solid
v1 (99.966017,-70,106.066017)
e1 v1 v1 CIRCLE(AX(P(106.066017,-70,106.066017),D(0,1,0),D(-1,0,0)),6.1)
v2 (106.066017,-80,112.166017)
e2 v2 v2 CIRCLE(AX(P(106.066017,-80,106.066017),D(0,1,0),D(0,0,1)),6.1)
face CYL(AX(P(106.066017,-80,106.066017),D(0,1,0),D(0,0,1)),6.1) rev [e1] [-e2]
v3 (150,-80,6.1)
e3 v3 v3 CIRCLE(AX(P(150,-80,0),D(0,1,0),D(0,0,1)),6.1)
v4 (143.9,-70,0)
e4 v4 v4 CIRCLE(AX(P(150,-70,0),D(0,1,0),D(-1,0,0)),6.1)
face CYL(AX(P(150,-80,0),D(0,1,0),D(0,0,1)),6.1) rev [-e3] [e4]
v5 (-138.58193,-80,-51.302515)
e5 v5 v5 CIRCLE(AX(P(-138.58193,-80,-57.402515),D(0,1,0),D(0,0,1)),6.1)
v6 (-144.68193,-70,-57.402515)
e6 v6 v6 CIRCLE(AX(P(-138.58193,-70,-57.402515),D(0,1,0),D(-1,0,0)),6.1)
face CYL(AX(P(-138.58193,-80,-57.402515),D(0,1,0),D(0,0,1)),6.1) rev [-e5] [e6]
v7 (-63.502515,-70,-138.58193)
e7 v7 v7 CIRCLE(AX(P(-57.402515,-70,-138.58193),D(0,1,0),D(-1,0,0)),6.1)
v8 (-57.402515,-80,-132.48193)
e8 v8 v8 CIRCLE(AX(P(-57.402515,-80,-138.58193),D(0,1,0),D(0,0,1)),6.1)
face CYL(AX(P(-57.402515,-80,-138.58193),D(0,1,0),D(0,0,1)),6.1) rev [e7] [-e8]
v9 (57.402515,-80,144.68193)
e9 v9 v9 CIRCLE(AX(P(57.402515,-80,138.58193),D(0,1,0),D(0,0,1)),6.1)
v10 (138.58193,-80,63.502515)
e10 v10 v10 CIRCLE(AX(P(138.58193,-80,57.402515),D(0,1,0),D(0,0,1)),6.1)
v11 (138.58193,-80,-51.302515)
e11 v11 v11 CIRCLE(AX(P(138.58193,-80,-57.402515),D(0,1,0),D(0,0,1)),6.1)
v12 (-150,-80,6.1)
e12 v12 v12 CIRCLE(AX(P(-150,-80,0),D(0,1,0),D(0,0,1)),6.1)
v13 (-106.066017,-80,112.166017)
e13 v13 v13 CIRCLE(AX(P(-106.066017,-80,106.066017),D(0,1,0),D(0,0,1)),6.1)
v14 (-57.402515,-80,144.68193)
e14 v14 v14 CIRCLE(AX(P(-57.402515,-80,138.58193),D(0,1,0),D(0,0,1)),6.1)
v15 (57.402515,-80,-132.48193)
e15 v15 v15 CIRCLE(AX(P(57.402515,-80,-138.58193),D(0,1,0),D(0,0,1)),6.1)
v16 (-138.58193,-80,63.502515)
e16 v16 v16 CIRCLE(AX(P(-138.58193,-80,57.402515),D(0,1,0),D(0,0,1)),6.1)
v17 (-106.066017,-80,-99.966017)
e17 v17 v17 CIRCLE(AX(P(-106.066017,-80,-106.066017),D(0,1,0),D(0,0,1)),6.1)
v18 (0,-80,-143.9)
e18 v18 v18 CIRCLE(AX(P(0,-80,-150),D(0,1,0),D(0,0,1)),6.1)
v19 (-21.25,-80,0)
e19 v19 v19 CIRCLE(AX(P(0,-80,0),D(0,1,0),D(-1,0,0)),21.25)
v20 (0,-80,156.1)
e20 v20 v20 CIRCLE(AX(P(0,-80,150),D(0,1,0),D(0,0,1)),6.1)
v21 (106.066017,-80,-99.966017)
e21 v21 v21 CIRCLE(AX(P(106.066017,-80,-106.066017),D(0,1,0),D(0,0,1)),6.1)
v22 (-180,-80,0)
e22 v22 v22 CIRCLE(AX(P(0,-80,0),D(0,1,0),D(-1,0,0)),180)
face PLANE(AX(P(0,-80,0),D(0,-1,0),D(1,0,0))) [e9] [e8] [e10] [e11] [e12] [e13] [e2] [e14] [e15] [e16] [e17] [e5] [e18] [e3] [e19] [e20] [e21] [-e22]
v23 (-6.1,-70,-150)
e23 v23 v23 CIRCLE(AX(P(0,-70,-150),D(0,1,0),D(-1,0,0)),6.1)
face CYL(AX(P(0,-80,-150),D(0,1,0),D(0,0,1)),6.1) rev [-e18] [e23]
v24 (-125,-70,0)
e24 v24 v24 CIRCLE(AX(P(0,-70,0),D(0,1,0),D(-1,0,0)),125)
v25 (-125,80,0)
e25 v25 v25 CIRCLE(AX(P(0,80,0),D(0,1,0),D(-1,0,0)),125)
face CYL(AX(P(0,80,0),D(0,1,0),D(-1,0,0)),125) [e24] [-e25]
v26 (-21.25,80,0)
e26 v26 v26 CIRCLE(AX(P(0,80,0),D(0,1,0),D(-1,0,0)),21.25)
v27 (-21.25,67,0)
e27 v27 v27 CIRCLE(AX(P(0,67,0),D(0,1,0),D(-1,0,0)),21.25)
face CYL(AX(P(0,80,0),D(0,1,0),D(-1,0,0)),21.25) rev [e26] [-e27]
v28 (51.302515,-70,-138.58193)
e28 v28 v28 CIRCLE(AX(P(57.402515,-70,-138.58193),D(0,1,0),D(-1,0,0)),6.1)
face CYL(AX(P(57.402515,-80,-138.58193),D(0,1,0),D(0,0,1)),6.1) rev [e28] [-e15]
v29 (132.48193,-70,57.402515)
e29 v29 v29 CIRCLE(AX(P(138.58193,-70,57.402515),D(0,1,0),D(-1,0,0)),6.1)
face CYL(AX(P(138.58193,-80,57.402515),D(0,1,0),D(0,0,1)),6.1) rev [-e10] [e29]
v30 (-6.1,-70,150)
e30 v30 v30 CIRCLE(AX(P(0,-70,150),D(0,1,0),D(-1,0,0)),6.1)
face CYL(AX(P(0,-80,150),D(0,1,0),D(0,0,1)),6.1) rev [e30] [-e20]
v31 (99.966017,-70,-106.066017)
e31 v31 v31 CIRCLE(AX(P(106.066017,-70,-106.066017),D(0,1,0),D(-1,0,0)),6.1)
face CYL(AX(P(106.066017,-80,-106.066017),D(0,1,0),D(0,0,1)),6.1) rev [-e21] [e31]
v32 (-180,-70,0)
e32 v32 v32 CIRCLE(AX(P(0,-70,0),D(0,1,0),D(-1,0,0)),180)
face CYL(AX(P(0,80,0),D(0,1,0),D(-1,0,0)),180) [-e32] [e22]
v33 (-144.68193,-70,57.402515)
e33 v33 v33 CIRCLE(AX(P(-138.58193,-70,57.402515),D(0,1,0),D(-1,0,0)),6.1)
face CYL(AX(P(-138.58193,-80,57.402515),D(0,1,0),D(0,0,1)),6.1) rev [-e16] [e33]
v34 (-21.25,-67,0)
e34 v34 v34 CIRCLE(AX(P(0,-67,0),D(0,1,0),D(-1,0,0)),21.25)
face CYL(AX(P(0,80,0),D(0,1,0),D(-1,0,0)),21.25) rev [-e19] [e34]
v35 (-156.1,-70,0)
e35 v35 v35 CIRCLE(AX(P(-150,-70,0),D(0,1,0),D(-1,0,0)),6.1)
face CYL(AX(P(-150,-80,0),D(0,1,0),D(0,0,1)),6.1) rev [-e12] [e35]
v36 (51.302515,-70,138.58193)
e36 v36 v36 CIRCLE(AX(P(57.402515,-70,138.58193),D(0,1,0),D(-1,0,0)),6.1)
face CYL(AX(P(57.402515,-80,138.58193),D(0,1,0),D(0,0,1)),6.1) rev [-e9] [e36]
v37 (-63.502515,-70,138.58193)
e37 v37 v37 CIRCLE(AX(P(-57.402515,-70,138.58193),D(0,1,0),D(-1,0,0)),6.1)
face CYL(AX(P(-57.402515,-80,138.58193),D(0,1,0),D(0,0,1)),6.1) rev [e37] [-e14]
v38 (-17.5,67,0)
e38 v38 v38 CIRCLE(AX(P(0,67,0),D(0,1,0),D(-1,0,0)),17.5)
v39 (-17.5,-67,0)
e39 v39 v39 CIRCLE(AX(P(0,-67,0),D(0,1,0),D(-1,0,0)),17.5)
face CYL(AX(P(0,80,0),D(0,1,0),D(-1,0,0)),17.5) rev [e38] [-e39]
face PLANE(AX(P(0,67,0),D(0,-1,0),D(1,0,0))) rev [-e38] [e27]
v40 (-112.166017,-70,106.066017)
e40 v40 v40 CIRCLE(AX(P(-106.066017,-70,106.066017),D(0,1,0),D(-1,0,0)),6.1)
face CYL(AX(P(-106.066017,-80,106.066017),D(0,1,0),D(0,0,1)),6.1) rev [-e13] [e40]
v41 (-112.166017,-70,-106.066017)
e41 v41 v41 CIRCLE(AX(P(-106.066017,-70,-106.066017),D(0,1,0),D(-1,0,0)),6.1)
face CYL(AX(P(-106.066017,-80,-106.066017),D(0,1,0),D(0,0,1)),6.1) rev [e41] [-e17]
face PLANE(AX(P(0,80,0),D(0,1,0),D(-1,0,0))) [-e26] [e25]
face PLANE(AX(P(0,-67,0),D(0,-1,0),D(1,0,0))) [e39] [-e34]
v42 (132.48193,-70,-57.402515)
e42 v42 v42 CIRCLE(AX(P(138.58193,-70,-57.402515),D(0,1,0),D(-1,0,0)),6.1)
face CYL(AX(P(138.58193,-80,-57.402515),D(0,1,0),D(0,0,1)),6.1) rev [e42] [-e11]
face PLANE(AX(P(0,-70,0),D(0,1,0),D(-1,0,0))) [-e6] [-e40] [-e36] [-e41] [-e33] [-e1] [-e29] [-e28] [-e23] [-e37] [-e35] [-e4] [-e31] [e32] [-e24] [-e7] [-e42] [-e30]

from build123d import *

# Parameters (mm, degrees)
CUT_EXTRUDE1_DEPTH      = 296.465734054
CUT_EXTRUDE1_DEPTH_BACK = 296.465734054
SKETCH2_R               = 6.1


with BuildPart() as part:
    # Sketch1 → Revolve1 (revolve)
    with BuildSketch(Plane.XY):
        Polygon((-21.25, -80), (-21.25, -67), (-17.5, -67), (-17.5, 67), (-21.25, 67), (-21.25, 80), (-42.5, 80), (-125, 80), (-125, 70), (-125, -70), (-180, -70), (-180, -80), (-42.5, -80), align=None)
    revolve(axis=Axis((0, 80, 0), (0, -1, 0)))

    # Sketch2 → Cut-Extrude1 (cut, two sides: drawn at the far end of the back side and taken through both)
    with BuildSketch(Plane(origin=(0, -70, 0), x_dir=(1, 0, 0), z_dir=(0, 1, 0)).offset(-CUT_EXTRUDE1_DEPTH_BACK)):
        with Locations(Location((0, 150, 0), (0, 0, 270))):
            Circle(SKETCH2_R)
        with Locations(Location((57.402514855, 138.581929877, 0), (0, 0, 270))):
            Circle(SKETCH2_R)
        with Locations(Location((106.066017178, 106.066017178, 0), (0, 0, 270))):
            Circle(SKETCH2_R)
        with Locations(Location((138.581929877, 57.402514855, 0), (0, 0, 270))):
            Circle(SKETCH2_R)
        with Locations(Location((150, 0, 0), (0, 0, 270))):
            Circle(SKETCH2_R)
        with Locations(Location((138.581929877, -57.402514855, 0), (0, 0, 270))):
            Circle(SKETCH2_R)
        with Locations(Location((106.066017178, -106.066017178, 0), (0, 0, 270))):
            Circle(SKETCH2_R)
        with Locations(Location((57.402514855, -138.581929877, 0), (0, 0, 270))):
            Circle(SKETCH2_R)
        with Locations(Location((0, -150, 0), (0, 0, 270))):
            Circle(SKETCH2_R)
        with Locations(Location((-57.402514855, -138.581929877, 0), (0, 0, 270))):
            Circle(SKETCH2_R)
        with Locations(Location((-106.066017178, -106.066017178, 0), (0, 0, 270))):
            Circle(SKETCH2_R)
        with Locations(Location((-138.581929877, -57.402514855, 0), (0, 0, 270))):
            Circle(SKETCH2_R)
        with Locations(Location((-150, 0, 0), (0, 0, 270))):
            Circle(SKETCH2_R)
        with Locations(Location((-138.581929877, 57.402514855, 0), (0, 0, 270))):
            Circle(SKETCH2_R)
        with Locations(Location((-106.066017178, 106.066017178, 0), (0, 0, 270))):
            Circle(SKETCH2_R)
        with Locations(Location((-57.402514855, 138.581929877, 0), (0, 0, 270))):
            Circle(SKETCH2_R)
    extrude(amount=CUT_EXTRUDE1_DEPTH + CUT_EXTRUDE1_DEPTH_BACK, mode=Mode.SUBTRACT)


solid = part.part
